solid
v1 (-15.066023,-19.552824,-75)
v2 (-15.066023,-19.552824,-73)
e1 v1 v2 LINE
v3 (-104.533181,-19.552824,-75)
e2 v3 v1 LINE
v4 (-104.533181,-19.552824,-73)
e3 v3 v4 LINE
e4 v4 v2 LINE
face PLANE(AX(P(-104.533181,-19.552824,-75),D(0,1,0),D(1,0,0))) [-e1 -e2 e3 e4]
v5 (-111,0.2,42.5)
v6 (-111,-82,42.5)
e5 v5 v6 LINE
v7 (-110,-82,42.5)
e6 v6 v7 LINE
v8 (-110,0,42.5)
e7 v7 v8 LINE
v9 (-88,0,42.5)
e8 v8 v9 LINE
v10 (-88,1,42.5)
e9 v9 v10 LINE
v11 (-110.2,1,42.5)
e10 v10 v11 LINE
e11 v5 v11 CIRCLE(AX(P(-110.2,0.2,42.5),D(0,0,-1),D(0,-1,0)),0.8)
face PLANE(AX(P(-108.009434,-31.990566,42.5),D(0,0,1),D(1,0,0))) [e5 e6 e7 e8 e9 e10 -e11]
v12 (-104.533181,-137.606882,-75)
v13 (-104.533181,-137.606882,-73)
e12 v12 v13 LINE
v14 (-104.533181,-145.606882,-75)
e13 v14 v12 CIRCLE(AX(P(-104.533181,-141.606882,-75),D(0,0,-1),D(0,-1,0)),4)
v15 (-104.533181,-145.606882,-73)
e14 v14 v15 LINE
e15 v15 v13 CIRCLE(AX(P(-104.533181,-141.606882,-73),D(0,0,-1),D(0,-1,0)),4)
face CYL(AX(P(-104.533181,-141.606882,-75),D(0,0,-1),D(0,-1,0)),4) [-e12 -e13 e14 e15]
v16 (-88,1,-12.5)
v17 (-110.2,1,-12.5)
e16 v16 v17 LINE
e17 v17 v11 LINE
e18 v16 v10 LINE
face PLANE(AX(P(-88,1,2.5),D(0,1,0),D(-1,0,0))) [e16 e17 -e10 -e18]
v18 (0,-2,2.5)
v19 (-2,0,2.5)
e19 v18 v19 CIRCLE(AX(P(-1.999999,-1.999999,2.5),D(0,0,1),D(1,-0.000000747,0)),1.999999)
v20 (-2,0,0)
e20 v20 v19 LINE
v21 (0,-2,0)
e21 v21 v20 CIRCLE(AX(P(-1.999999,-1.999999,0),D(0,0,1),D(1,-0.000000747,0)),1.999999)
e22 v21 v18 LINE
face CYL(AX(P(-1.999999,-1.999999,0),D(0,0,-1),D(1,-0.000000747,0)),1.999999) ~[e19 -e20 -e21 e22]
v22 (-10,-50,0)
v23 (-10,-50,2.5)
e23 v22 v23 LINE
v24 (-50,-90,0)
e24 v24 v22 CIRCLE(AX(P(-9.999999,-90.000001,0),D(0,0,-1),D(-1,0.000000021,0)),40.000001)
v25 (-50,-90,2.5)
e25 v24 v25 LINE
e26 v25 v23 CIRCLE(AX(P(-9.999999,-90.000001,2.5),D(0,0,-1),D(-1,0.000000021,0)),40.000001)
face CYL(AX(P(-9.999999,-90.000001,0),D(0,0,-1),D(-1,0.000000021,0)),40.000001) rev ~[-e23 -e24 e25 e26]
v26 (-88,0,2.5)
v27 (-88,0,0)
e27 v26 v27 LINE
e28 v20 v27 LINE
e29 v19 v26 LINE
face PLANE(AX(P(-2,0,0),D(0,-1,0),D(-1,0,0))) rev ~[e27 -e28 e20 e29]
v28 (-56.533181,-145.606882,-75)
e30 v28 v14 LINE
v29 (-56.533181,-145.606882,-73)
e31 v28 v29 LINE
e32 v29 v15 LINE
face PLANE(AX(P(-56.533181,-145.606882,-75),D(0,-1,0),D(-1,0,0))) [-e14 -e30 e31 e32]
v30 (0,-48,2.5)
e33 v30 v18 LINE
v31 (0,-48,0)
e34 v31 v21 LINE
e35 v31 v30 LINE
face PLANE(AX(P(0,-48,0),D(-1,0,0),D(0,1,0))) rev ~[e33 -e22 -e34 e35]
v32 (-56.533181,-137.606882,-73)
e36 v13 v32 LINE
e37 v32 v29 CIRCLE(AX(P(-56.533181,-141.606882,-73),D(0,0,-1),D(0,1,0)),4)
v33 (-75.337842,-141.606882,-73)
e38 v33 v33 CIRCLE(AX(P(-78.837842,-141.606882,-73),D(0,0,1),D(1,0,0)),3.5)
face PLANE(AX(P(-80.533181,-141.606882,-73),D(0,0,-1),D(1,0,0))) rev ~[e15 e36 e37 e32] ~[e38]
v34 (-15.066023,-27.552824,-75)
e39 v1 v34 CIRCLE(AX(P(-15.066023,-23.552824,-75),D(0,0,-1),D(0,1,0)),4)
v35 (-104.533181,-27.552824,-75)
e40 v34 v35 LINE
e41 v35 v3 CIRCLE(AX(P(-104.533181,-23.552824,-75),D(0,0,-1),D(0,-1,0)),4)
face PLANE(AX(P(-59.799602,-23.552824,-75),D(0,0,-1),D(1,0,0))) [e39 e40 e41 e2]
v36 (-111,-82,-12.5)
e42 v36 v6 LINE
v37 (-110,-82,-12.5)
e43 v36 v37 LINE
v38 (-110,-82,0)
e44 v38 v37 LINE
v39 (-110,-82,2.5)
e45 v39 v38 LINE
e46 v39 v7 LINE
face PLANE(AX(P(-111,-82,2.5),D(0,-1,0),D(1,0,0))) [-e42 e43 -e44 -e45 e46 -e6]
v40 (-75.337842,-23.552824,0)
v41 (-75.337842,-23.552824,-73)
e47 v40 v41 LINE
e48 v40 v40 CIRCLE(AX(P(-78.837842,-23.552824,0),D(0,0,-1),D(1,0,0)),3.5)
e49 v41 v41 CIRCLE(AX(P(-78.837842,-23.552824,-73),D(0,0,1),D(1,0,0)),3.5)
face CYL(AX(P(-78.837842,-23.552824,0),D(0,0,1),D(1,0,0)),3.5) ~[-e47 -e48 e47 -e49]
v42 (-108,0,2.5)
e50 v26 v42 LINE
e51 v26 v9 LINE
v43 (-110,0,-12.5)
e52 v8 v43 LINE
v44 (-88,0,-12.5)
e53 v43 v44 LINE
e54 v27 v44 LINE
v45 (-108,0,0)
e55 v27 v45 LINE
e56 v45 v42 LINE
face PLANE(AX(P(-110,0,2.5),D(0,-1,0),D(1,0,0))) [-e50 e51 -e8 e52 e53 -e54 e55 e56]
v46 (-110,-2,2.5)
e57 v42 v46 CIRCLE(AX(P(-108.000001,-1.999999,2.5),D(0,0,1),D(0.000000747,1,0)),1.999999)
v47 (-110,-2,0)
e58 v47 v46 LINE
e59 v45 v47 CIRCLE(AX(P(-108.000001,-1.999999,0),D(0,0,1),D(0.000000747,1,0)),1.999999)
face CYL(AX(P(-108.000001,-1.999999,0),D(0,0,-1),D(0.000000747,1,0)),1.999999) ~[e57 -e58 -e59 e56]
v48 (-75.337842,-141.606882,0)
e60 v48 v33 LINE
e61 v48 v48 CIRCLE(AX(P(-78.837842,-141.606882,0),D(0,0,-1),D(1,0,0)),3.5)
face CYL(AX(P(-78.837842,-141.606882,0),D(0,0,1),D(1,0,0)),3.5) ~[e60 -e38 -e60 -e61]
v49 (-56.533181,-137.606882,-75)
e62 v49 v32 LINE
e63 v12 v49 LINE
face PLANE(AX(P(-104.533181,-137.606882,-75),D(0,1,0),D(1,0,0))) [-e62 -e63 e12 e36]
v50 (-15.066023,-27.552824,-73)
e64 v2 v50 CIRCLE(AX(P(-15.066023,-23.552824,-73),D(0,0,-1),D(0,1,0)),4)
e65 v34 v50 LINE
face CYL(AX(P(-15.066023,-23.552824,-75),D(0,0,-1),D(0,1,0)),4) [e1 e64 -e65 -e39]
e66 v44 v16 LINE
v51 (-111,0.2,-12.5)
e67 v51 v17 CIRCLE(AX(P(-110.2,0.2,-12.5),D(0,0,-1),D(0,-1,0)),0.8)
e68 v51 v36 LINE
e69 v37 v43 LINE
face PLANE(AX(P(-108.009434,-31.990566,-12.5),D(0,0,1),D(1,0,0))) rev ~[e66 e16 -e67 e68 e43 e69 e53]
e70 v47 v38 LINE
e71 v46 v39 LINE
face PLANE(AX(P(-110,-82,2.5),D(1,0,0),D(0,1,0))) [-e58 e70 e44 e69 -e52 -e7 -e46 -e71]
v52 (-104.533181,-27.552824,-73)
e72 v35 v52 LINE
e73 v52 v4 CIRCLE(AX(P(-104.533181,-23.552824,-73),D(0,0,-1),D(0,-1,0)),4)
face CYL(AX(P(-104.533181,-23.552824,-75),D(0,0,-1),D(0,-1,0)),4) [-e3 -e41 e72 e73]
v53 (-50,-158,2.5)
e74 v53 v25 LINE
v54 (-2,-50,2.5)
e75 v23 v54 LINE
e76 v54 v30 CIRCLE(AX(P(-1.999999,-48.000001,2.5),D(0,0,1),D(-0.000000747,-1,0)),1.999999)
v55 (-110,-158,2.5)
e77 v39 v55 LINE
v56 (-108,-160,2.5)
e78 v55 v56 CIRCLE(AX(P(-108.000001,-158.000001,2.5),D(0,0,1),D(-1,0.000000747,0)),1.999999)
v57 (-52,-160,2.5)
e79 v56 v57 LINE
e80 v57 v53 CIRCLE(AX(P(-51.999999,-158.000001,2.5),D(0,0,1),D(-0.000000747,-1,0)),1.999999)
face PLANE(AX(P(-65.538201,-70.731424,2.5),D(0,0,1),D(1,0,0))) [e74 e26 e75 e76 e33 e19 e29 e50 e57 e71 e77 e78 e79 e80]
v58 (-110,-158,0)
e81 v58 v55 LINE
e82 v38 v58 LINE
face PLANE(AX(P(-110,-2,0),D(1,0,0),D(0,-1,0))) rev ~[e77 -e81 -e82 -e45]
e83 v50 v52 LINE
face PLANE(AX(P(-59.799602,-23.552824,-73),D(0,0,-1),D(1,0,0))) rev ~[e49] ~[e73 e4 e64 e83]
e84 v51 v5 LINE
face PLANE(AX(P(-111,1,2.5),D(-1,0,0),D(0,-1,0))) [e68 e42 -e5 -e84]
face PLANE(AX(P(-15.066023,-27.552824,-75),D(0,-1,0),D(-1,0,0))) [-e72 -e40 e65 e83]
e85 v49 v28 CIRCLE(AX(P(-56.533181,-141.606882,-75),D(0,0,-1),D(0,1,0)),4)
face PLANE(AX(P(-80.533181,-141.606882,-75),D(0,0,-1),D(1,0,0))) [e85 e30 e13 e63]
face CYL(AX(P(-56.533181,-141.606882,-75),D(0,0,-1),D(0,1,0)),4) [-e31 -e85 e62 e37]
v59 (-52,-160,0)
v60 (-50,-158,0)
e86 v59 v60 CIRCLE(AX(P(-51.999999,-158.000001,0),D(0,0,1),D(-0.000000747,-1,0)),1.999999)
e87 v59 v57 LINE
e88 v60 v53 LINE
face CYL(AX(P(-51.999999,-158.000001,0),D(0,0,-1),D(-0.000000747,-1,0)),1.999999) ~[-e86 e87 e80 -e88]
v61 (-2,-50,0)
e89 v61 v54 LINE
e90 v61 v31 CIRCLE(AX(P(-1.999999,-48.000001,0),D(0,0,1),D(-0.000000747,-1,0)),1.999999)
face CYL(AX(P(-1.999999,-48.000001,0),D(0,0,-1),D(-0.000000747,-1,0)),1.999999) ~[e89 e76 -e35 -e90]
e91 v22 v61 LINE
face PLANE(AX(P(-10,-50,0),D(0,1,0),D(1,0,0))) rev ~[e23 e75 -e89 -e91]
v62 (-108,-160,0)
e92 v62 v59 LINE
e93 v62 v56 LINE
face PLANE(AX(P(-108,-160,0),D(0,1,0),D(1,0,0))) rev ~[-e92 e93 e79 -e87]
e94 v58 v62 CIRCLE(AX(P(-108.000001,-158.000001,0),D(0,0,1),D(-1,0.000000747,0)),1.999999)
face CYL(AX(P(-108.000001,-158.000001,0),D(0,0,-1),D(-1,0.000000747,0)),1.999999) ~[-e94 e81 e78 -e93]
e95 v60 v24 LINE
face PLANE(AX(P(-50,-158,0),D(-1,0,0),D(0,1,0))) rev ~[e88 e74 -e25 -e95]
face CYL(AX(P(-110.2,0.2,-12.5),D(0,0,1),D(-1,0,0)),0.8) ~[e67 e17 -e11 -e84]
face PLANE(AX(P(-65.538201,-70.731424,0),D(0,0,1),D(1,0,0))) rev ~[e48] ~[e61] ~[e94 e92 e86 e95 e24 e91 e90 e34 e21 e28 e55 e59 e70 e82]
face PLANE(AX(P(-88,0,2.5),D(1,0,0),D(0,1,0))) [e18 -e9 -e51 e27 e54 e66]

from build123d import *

# Parameters (mm, degrees)
F1_DEPTH      = 2.5
F2_R          = 3.5
F3_DEPTH      = 75
F5_DEPTH      = 2
F7_DEPTH      = 40
F7_DEPTH_BACK = 15
F8_R          = 0.8


with BuildPart() as f1:
    # F0 (on Top) → F1 (new body)
    with BuildSketch(Plane.XY):
        with BuildLine():
            ThreePointArc((0, -2), (-0.585786, -0.585786), (-2, 0))
            Line((-2, 0), (-108, 0))
            ThreePointArc((-108, 0), (-109.414214, -0.585786), (-110, -2))
            Line((-110, -2), (-110, -158))
            ThreePointArc((-110, -158), (-109.414214, -159.414214), (-108, -160))
            Line((-108, -160), (-52, -160))
            ThreePointArc((-52, -160), (-50.585786, -159.414214), (-50, -158))
            Line((-50, -158), (-50, -90))
            ThreePointArc((-50, -90), (-38.284271, -61.715729), (-10, -50))
            Line((-10, -50), (-2, -50))
            ThreePointArc((-2, -50), (-0.585786, -49.414214), (0, -48))
            Line((0, -48), (0, -2))
        make_face()
    extrude(amount=F1_DEPTH)

    # F2 (on face) → F3 (join)
    with BuildSketch(Plane(origin=(0, 0, 0), x_dir=(1, 0, 0), z_dir=(0, 0, -1))):
        with Locations((-78.837842, 141.606882)):
            Circle(F2_R)
        with Locations((-78.837842, 23.552824)):
            Circle(F2_R)
    extrude(amount=F3_DEPTH)

    # F4 (on face) → F5 (join)
    with BuildSketch(Plane(origin=(0, 0, -75), x_dir=(1, 0, 0), z_dir=(0, 0, -1))):
        with BuildLine():
            ThreePointArc((-56.533181, 137.606882), (-52.533181, 141.606882), (-56.533181, 145.606882))
            Line((-56.533181, 145.606882), (-104.533181, 145.606882))
            ThreePointArc((-104.533181, 145.606882), (-108.533181, 141.606882), (-104.533181, 137.606882))
            Line((-104.533181, 137.606882), (-56.533181, 137.606882))
        make_face()
        with BuildLine():
            ThreePointArc((-82.337842, 141.606882), (-78.837842, 145.106882), (-75.337842, 141.606882))
            ThreePointArc((-75.337842, 141.606882), (-78.837842, 138.106882), (-82.337842, 141.606882))
        make_face(mode=Mode.SUBTRACT)
        with BuildLine():
            ThreePointArc((-104.533181, 27.552824), (-108.533181, 23.552824), (-104.533181, 19.552824))
            Line((-104.533181, 19.552824), (-15.066023, 19.552824))
            ThreePointArc((-15.066023, 19.552824), (-11.066023, 23.552824), (-15.066023, 27.552824))
            Line((-15.066023, 27.552824), (-104.533181, 27.552824))
        make_face()
        with BuildLine():
            ThreePointArc((-82.337842, 23.552824), (-78.837842, 27.052824), (-75.337842, 23.552824))
            ThreePointArc((-75.337842, 23.552824), (-78.837842, 20.052824), (-82.337842, 23.552824))
        make_face(mode=Mode.SUBTRACT)
        with BuildLine():
            ThreePointArc((-82.337842, 23.552824), (-78.837842, 20.052824), (-75.337842, 23.552824))
            Line((-75.337842, 23.552824), (-82.337842, 23.552824))
        make_face()
    extrude(amount=-F5_DEPTH)

    # F6 (on face) → F7 (join, two sides)
    with BuildSketch(Plane.XY.offset(2.5)) as f7_sk:
        Polygon((-108, 0), (-88, 0), (-88, 1), (-111, 1), (-111, -82), (-110, -82), (-110, -2), (-110, 0), align=None)
    extrude(amount=F7_DEPTH)
    extrude(f7_sk.sketch, amount=-F7_DEPTH_BACK)

    # F8
    f8_edges = [f1.edges().sort_by_distance(p)[0] for p in [
        (-111, 1, 15),
    ]]
    fillet(f8_edges, radius=F8_R)


solid = f1.part
